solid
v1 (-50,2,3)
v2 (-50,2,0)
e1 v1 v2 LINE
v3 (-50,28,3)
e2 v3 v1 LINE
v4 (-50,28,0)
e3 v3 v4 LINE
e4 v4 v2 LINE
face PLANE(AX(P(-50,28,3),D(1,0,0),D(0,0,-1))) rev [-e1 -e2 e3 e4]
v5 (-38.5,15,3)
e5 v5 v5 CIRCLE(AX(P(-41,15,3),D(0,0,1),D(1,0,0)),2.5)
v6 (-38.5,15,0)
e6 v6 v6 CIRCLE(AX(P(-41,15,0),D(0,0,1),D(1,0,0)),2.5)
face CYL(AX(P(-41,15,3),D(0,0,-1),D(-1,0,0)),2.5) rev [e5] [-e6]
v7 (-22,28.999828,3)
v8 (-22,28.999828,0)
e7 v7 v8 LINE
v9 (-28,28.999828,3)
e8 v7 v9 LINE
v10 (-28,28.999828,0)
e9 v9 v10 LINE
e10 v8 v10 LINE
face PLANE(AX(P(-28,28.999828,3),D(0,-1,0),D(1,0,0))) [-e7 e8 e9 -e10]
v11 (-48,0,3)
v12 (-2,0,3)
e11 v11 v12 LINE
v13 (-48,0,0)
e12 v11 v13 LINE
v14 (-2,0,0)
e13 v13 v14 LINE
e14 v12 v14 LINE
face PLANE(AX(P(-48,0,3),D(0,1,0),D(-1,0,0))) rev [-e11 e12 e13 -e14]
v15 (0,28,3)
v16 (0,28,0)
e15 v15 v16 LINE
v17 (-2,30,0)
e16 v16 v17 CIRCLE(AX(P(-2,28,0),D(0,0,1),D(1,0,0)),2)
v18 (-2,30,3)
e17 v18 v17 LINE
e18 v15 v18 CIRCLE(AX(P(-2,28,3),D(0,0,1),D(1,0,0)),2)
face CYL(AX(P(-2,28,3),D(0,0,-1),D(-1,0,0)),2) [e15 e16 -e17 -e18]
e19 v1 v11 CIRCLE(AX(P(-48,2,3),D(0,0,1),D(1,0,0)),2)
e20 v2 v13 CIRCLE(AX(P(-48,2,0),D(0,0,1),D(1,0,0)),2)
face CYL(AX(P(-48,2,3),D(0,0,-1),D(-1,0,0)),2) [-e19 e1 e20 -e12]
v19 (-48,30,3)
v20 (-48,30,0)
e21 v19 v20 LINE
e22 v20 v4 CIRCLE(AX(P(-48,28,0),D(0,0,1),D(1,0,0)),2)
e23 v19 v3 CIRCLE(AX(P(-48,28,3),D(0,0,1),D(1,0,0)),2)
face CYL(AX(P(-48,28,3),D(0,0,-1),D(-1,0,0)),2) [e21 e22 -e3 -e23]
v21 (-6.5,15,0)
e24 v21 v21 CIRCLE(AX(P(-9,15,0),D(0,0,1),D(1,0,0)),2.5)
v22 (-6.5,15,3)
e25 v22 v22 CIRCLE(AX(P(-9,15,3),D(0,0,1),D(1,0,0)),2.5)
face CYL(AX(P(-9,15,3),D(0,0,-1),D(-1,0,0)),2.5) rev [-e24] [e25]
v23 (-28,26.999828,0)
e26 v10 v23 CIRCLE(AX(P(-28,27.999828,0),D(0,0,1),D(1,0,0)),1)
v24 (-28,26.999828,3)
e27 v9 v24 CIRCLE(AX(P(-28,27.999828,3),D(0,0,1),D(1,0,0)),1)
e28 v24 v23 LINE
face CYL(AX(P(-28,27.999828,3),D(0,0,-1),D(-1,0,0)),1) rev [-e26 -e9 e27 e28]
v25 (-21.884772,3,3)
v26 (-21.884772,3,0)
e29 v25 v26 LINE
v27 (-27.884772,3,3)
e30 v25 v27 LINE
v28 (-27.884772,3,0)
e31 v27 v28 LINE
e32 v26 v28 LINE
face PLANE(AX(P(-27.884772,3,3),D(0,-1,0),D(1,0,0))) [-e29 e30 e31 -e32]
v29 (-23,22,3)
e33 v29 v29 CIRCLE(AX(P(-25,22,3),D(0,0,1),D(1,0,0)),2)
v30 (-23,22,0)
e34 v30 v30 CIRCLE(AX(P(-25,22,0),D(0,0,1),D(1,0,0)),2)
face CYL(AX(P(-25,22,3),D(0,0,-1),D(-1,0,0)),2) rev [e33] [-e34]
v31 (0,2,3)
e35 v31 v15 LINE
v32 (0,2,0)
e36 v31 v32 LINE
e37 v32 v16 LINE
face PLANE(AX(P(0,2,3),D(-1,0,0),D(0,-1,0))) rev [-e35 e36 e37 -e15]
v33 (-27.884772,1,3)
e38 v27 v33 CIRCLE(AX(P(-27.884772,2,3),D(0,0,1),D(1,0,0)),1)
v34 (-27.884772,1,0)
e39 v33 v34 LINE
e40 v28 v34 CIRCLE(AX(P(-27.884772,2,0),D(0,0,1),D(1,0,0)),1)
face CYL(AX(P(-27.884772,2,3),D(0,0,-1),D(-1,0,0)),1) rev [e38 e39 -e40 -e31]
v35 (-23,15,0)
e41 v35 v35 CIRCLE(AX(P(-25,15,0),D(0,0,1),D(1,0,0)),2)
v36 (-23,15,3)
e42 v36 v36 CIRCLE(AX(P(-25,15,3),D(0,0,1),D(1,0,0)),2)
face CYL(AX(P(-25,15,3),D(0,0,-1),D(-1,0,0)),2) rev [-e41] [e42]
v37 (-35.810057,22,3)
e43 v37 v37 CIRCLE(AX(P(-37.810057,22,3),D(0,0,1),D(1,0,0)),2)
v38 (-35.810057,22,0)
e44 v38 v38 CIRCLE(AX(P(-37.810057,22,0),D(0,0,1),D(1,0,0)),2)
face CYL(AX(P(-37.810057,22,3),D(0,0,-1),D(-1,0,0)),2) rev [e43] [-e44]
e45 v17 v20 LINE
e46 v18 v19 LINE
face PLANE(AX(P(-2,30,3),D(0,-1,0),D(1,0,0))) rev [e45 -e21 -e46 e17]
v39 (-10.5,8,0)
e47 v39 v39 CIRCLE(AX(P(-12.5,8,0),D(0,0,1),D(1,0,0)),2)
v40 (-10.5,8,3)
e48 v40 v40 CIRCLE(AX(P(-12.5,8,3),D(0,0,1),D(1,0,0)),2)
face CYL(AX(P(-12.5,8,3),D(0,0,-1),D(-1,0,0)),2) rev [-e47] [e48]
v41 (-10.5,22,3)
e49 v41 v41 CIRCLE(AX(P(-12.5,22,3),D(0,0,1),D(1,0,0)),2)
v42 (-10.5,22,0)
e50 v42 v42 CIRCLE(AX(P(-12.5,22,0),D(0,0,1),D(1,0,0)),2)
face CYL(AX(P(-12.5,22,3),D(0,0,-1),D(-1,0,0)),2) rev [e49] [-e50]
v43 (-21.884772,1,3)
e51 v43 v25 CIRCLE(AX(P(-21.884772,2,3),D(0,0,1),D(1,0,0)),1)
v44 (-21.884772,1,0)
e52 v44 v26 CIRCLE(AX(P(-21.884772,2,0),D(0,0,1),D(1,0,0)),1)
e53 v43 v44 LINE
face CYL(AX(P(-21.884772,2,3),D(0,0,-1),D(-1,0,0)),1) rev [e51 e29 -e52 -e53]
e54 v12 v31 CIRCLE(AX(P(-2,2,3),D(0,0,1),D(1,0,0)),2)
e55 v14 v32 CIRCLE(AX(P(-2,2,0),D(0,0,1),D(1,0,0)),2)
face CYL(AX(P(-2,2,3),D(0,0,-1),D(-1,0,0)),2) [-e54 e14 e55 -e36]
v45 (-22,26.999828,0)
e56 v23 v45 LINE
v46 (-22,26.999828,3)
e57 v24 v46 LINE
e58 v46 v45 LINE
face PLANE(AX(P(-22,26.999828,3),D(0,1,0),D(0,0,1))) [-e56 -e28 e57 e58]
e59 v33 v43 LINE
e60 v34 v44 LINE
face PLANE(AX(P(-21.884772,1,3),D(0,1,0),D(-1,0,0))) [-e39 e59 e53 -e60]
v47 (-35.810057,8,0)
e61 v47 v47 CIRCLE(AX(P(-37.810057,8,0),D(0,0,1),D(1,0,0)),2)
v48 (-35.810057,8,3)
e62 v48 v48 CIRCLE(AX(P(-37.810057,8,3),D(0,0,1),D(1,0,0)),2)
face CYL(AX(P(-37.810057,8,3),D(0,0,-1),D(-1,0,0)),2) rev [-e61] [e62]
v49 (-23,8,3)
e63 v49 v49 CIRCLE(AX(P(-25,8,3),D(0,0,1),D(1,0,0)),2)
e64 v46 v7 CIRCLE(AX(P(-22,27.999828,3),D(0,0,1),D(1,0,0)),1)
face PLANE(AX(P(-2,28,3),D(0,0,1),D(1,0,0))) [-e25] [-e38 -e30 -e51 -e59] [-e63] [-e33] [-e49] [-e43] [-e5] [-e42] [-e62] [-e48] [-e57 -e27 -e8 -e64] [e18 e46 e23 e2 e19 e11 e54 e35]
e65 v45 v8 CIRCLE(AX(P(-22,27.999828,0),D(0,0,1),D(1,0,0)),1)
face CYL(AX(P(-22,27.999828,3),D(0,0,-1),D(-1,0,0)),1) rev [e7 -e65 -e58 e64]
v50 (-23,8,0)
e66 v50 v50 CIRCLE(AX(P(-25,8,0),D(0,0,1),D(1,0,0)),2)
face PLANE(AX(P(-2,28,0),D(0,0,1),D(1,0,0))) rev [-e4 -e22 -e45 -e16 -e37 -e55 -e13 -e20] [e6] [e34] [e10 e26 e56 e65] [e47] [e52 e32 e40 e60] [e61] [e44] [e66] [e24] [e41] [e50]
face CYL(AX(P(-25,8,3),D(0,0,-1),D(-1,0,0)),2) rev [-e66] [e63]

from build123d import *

# Parameters (mm, degrees)
MODEL_R             = 2
MODEL_R_2           = 2.5
BOSS_EXTRUDE1_DEPTH = 3


with BuildPart() as part:
    # Model → Boss-Extrude1 (new body)
    with BuildSketch(Plane.XY):
        with BuildLine():
            Line((-2, 30), (-48, 30))
            ThreePointArc((-48, 30), (-49.414213562, 29.414213562), (-50, 28))
            Line((-50, 28), (-50, 2))
            ThreePointArc((-50, 2), (-49.414213562, 0.585786438), (-48, 0))
            Line((-48, 0), (-2, 0))
            ThreePointArc((-2, 0), (-0.585786438, 0.585786438), (0, 2))
            Line((0, 2), (0, 28))
            ThreePointArc((0, 28), (-0.585786438, 29.414213562), (-2, 30))
        make_face()
        with Locations((-25, 15)):
            Circle(MODEL_R, mode=Mode.SUBTRACT)
        with Locations((-37.81005651, 8)):
            Circle(MODEL_R, mode=Mode.SUBTRACT)
        with Locations((-12.5, 8)):
            Circle(MODEL_R, mode=Mode.SUBTRACT)
        with Locations((-37.81005651, 22)):
            Circle(MODEL_R, mode=Mode.SUBTRACT)
        with Locations((-12.5, 22)):
            Circle(MODEL_R, mode=Mode.SUBTRACT)
        with Locations((-25, 8)):
            Circle(MODEL_R, mode=Mode.SUBTRACT)
        with Locations((-25, 22)):
            Circle(MODEL_R, mode=Mode.SUBTRACT)
        with Locations((-9, 15)):
            Circle(MODEL_R_2, mode=Mode.SUBTRACT)
        with Locations((-41, 15)):
            Circle(MODEL_R_2, mode=Mode.SUBTRACT)
        with BuildLine():
            Line((-21.884771632, 1), (-27.884771632, 1))
            ThreePointArc((-27.884771632, 1), (-28.884771632, 2), (-27.884771632, 3))
            Line((-27.884771632, 3), (-21.884771632, 3))
            ThreePointArc((-21.884771632, 3), (-20.884771632, 2), (-21.884771632, 1))
        make_face(mode=Mode.SUBTRACT)
        with BuildLine():
            Line((-28, 28.999828109), (-22, 28.999828109))
            ThreePointArc((-22, 28.999828109), (-21, 27.999828109), (-22, 26.999828109))
            Line((-22, 26.999828109), (-28, 26.999828109))
            ThreePointArc((-28, 26.999828109), (-29, 27.999828109), (-28, 28.999828109))
        make_face(mode=Mode.SUBTRACT)
    extrude(amount=BOSS_EXTRUDE1_DEPTH)


solid = part.part
